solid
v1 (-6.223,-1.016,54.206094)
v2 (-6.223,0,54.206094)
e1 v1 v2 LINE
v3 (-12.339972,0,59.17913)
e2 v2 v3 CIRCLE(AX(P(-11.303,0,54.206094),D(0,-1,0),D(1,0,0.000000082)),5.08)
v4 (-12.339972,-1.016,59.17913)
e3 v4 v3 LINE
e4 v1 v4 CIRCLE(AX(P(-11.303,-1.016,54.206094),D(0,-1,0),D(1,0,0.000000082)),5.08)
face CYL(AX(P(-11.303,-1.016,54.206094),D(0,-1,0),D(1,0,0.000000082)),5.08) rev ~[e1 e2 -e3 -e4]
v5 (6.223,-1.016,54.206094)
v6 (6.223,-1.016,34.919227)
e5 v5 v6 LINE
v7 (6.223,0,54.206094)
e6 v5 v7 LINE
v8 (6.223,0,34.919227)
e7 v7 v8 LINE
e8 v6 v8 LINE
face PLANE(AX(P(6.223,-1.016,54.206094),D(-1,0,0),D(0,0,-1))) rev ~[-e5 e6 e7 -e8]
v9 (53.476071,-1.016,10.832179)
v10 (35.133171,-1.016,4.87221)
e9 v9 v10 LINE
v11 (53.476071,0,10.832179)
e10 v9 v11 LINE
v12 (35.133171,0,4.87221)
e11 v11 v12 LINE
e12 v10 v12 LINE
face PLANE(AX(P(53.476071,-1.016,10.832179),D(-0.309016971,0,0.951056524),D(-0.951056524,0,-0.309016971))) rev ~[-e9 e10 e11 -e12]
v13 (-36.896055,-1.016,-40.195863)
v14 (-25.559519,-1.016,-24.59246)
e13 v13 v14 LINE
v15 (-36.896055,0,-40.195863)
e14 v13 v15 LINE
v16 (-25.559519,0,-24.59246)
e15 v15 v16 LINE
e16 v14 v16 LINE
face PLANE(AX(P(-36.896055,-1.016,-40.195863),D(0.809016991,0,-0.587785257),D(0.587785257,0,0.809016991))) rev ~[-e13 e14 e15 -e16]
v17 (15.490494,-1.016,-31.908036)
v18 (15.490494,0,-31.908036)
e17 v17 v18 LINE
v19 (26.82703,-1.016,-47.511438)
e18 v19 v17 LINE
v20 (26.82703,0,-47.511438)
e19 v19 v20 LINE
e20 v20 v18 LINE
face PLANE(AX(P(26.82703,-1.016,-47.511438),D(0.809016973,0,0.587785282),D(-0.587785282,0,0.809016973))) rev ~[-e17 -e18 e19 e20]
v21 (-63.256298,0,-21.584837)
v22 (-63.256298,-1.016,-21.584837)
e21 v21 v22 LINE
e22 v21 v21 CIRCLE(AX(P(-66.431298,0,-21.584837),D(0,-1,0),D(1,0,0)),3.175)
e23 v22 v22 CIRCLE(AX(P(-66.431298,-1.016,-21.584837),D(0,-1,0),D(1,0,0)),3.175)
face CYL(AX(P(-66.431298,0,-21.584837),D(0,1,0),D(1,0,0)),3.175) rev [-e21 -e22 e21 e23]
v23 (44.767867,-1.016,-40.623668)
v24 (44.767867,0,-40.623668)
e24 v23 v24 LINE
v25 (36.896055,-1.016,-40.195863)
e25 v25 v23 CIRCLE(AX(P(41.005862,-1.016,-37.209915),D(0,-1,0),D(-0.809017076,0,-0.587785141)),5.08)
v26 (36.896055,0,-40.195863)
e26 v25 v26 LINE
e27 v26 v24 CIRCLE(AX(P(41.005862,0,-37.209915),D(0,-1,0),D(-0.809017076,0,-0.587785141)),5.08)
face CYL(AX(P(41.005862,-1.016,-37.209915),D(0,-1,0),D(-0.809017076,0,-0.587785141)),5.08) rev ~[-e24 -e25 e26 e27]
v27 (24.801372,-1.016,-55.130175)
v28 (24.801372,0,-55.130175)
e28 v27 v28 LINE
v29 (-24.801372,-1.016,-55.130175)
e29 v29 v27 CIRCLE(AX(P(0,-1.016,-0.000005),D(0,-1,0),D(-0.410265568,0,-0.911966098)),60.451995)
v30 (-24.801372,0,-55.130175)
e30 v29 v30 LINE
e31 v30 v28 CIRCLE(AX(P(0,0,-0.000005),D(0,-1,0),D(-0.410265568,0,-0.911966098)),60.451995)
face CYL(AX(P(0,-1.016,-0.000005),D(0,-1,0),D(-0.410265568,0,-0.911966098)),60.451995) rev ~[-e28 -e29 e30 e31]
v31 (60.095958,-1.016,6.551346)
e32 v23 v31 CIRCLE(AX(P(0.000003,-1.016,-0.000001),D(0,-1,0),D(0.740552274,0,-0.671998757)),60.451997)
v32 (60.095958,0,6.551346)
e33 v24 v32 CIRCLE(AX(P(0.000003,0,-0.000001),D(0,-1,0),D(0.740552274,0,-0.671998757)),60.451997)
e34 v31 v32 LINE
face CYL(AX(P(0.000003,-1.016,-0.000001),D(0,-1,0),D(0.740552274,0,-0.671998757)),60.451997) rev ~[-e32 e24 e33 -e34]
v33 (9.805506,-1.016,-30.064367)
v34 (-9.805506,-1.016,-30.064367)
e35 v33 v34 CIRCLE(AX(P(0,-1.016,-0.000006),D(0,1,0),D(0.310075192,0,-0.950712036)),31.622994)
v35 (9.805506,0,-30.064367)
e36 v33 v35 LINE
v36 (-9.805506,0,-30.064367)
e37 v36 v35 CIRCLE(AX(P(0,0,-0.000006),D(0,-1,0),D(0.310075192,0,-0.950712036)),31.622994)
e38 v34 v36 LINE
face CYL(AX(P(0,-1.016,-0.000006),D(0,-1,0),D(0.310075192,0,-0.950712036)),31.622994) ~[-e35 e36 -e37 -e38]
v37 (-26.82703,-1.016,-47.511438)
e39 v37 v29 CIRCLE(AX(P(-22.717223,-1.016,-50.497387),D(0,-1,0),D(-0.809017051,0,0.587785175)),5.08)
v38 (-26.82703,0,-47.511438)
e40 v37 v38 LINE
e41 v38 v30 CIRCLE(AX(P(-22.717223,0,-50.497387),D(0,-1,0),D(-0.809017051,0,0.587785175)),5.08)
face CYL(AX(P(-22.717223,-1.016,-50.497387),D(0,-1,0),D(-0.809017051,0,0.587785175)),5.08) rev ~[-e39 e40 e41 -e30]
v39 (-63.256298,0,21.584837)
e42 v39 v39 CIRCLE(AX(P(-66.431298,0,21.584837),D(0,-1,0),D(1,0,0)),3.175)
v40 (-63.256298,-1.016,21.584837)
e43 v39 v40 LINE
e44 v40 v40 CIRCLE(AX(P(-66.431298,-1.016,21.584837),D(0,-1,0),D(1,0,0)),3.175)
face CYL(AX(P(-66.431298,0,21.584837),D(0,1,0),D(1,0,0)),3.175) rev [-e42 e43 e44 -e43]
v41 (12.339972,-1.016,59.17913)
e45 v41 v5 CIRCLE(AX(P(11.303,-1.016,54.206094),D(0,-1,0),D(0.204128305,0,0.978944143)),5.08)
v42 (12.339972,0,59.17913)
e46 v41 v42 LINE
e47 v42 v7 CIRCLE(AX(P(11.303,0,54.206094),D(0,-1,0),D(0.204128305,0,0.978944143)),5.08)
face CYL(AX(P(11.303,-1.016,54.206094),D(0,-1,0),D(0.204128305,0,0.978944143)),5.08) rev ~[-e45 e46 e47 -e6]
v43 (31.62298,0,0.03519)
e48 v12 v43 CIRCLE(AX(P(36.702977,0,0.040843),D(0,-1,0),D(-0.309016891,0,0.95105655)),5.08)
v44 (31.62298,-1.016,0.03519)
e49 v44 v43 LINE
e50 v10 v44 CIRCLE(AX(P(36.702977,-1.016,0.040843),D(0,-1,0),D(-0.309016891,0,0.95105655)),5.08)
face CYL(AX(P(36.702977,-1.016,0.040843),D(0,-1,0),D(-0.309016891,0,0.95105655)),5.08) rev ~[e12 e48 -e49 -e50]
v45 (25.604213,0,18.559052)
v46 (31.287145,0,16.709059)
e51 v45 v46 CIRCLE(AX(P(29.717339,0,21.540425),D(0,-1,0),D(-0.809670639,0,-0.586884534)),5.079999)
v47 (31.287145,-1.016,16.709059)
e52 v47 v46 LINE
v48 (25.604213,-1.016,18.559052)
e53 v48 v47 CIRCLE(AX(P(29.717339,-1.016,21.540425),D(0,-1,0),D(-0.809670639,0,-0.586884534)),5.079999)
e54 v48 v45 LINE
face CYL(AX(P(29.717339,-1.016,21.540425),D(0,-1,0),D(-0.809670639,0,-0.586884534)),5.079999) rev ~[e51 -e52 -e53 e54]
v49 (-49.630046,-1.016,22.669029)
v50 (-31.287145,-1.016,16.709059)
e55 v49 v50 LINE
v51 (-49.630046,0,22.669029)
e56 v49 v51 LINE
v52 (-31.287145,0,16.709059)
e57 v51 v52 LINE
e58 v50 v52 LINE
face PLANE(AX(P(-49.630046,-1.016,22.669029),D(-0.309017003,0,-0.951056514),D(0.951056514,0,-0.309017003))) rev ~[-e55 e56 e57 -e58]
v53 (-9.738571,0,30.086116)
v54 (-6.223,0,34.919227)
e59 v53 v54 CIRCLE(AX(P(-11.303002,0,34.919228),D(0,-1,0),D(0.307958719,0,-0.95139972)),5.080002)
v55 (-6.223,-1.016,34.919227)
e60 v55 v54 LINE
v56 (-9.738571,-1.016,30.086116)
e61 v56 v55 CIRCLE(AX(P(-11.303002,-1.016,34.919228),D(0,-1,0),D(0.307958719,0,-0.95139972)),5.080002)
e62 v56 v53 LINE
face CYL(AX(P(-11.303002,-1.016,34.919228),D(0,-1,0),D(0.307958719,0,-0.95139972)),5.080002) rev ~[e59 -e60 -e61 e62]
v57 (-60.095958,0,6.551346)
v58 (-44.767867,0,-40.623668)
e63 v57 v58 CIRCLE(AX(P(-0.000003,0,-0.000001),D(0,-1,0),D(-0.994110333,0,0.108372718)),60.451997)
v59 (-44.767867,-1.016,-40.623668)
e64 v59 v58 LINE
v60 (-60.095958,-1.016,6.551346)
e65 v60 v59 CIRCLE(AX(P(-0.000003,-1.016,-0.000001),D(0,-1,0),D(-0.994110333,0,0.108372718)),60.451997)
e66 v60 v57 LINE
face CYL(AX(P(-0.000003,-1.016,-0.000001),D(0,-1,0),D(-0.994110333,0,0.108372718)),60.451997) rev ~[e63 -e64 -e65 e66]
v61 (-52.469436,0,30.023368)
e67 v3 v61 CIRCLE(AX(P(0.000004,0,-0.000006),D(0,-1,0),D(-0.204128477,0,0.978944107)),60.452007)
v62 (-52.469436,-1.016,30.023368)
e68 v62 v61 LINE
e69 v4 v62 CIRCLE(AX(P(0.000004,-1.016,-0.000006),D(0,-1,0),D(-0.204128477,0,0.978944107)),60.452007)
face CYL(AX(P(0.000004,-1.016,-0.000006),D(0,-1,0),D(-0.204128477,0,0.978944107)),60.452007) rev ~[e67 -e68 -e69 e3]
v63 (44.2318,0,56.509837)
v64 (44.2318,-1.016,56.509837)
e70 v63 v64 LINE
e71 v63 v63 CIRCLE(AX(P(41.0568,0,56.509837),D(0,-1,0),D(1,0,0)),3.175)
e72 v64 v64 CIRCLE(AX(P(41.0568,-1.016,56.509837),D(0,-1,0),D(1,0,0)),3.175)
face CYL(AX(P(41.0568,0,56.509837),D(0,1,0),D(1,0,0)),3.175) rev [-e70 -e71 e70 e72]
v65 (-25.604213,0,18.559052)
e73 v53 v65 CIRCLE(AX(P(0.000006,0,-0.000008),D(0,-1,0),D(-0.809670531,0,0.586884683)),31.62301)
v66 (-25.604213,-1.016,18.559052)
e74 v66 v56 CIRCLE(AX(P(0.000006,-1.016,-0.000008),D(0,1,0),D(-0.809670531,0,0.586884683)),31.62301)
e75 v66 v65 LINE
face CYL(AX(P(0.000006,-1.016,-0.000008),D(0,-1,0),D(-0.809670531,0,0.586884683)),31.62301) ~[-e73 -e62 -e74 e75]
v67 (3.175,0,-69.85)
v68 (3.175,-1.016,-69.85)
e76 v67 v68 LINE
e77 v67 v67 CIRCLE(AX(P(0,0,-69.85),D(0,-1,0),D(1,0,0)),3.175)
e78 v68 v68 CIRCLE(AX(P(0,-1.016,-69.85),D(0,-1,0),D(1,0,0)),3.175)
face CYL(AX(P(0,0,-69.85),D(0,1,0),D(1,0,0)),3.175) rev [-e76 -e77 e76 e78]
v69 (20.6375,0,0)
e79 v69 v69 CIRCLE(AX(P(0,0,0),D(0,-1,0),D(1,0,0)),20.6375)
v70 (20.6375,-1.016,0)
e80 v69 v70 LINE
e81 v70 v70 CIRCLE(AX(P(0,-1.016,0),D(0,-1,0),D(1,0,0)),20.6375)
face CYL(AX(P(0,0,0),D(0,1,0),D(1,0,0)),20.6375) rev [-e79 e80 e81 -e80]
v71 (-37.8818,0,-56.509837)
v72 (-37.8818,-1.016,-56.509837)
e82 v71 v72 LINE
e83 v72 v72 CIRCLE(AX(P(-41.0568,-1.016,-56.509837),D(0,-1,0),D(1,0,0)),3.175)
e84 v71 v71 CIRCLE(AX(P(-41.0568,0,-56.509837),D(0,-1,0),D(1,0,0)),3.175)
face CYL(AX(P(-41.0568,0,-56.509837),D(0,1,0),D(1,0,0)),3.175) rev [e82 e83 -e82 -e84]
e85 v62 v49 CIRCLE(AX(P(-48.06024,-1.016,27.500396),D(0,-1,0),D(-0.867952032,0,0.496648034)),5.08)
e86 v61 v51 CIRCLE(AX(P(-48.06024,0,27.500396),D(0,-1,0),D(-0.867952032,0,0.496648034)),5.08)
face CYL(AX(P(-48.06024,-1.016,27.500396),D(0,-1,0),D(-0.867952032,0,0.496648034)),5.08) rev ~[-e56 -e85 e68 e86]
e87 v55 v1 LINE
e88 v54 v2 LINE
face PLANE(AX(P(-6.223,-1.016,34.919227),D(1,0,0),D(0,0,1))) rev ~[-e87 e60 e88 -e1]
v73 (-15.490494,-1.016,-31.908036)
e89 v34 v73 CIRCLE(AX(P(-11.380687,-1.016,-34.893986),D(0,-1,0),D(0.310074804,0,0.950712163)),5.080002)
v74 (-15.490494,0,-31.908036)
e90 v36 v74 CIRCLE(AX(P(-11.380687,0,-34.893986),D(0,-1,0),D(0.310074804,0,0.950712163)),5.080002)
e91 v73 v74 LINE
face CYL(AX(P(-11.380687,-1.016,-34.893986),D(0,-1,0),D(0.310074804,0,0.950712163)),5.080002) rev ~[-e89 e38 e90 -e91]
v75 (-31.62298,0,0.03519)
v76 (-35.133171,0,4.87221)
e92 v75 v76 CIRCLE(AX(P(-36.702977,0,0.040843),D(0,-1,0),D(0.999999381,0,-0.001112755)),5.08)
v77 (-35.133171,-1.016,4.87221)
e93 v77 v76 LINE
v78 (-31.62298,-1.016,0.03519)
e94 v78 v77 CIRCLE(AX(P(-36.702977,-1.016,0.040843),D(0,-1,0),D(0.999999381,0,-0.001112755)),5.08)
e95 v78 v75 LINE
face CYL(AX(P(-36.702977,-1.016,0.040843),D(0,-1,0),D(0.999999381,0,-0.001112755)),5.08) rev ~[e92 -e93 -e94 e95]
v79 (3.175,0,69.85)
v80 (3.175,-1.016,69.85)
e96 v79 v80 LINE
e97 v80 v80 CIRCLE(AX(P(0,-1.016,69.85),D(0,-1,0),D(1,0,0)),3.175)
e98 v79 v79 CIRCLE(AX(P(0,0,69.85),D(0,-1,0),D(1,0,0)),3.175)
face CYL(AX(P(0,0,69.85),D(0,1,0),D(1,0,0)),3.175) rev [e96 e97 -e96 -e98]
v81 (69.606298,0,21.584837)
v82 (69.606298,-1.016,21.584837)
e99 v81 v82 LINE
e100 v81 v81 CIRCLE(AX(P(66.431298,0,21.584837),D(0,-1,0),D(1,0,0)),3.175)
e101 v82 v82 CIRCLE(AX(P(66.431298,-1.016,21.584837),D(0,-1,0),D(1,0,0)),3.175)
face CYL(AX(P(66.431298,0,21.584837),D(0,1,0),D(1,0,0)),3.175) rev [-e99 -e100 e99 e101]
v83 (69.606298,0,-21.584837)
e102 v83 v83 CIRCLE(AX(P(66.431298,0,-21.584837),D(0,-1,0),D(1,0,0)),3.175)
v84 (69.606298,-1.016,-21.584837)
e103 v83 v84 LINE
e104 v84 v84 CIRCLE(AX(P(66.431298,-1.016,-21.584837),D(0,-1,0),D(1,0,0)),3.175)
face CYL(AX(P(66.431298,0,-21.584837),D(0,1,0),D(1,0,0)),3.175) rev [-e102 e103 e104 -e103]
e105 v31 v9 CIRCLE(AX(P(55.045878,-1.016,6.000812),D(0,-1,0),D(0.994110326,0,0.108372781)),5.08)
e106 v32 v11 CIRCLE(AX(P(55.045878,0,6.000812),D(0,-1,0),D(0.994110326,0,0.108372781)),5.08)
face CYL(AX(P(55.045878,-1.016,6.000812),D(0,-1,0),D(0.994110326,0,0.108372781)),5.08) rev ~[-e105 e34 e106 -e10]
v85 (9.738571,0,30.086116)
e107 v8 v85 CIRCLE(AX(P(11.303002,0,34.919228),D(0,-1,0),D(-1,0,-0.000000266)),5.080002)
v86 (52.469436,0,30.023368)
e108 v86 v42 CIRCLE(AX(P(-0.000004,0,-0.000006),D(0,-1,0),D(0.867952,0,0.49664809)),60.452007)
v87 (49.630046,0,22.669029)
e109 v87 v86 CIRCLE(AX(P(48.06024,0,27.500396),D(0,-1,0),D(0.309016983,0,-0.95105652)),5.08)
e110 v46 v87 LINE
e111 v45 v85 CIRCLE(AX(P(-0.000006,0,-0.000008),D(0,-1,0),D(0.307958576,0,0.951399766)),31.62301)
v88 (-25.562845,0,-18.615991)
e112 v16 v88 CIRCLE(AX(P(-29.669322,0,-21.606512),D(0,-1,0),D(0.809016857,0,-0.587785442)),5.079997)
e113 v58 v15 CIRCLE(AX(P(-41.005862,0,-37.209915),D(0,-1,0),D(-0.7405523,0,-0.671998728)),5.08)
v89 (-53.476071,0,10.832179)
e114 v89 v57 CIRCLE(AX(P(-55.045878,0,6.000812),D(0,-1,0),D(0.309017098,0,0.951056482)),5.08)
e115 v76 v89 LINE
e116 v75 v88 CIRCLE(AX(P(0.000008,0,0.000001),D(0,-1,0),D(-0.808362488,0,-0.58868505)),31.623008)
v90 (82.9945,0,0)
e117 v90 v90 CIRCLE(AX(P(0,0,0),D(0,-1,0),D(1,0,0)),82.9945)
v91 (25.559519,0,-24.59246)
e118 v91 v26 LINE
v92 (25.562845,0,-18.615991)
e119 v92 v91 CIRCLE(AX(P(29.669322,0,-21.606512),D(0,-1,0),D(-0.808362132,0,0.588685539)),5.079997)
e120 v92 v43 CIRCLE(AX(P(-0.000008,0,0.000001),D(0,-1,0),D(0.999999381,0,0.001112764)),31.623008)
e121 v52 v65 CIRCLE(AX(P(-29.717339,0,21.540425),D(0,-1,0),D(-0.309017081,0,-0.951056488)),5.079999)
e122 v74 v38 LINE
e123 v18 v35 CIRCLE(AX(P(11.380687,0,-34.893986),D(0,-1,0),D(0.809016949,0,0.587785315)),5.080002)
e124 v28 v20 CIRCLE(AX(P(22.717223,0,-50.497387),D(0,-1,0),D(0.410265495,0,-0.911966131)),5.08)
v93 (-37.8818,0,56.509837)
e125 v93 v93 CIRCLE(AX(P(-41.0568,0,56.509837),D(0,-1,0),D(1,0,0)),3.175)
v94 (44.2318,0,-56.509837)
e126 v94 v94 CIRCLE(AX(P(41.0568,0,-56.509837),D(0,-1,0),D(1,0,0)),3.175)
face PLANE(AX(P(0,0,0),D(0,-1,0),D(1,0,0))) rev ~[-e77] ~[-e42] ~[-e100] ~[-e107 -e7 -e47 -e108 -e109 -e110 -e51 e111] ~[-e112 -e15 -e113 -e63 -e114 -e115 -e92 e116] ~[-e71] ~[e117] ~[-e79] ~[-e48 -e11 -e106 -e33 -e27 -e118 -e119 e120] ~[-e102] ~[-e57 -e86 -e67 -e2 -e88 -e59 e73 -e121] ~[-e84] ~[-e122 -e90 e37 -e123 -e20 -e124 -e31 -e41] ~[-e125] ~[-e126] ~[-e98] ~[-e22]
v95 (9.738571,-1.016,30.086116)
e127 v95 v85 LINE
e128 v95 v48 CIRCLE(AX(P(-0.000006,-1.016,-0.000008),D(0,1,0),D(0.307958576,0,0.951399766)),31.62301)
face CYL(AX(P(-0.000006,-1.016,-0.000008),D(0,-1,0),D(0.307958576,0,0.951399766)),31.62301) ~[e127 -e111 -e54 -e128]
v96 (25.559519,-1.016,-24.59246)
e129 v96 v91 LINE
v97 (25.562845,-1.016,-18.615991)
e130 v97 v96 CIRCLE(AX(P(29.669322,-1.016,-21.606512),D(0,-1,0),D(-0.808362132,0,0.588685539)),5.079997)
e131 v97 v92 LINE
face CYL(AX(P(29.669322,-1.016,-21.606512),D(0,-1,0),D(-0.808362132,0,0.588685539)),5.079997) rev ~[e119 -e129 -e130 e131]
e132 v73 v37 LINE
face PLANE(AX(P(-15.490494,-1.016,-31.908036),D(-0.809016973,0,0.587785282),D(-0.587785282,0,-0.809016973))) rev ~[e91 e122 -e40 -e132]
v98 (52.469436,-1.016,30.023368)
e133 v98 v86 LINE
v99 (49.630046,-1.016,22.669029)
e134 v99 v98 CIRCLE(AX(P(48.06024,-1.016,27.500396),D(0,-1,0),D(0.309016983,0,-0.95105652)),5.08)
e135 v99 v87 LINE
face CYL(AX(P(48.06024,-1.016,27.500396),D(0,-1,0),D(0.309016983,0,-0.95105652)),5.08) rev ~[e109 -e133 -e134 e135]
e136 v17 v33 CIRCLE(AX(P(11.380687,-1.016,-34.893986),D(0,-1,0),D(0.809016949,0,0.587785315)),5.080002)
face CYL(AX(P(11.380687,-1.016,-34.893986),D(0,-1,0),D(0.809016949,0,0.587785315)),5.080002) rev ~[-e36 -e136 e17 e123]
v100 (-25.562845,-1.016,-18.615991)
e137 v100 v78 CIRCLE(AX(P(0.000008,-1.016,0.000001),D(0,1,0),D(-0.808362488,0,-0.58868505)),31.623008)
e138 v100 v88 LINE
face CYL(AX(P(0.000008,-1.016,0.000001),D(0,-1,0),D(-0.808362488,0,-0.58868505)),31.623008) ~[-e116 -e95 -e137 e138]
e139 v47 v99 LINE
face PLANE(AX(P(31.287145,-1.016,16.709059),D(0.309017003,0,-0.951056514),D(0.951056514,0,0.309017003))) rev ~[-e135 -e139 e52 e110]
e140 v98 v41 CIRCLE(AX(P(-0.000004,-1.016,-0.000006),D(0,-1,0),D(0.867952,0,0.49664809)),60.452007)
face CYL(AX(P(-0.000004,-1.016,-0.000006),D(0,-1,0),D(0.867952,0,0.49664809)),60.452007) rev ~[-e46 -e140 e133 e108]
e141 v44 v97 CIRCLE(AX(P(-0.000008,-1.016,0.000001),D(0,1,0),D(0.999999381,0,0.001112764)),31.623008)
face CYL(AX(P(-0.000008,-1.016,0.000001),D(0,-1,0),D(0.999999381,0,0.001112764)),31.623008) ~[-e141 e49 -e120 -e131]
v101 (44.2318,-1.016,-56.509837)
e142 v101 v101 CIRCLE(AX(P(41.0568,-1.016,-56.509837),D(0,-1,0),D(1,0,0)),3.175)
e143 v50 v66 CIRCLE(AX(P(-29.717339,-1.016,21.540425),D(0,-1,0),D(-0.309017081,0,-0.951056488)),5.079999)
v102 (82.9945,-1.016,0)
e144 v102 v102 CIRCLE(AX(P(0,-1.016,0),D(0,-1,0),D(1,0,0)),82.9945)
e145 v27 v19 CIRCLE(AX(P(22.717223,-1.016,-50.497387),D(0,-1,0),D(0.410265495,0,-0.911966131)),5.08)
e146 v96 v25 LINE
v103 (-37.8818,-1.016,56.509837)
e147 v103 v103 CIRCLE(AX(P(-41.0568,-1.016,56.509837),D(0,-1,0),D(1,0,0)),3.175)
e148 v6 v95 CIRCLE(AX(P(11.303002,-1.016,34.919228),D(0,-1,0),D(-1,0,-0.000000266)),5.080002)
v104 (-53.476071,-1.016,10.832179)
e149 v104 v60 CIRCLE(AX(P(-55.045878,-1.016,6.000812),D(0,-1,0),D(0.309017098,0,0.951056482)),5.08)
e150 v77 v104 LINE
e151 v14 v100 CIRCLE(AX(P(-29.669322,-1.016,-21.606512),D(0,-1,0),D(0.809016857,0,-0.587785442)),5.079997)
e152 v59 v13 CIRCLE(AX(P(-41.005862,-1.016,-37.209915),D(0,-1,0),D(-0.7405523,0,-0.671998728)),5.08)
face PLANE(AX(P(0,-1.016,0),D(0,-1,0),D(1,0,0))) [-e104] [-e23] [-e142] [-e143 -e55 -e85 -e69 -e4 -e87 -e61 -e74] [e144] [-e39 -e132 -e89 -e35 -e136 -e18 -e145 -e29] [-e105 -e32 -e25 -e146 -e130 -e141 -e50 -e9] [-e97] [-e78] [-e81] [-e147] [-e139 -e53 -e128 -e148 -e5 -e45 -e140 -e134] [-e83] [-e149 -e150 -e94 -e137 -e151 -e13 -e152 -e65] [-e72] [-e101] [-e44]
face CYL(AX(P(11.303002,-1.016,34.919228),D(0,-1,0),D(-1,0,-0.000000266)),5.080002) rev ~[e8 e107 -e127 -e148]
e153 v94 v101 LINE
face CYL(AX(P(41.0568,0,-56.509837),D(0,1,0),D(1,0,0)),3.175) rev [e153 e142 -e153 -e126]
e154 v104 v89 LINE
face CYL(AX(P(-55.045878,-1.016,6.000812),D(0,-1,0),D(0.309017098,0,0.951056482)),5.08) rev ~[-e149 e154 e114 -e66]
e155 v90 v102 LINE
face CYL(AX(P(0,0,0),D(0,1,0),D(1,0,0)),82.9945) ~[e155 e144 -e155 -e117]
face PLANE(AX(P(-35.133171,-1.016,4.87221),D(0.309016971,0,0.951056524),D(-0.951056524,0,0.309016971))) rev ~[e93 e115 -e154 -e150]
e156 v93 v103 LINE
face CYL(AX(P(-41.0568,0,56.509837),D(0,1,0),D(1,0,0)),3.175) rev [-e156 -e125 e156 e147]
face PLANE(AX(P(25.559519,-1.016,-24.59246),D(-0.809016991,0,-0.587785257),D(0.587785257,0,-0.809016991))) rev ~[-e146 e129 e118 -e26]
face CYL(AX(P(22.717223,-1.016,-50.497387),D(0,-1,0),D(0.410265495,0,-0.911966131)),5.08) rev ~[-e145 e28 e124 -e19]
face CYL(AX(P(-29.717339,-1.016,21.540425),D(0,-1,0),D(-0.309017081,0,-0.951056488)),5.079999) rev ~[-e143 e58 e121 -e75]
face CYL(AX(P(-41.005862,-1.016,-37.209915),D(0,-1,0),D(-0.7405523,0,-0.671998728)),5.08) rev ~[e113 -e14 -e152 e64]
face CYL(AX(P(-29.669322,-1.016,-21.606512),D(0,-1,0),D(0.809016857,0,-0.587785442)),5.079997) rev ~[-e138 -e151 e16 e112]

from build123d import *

# Parameters (mm, degrees)
F0_R     = 82.9945
F0_R_2   = 3.175
F0_R_3   = 20.6375
F1_DEPTH = 1.016
F3_DEPTH = 1.017


with BuildPart() as f1:
    # F0 (on Front) → F1 (new body)
    with BuildSketch(Plane.XZ):
        Circle(F0_R)
        with Locations((-41.0568, -56.509837)):
            Circle(F0_R_2, mode=Mode.SUBTRACT)
        with Locations((-66.431298, -21.584837)):
            Circle(F0_R_2, mode=Mode.SUBTRACT)
        with Locations((0, -69.85)):
            Circle(F0_R_2, mode=Mode.SUBTRACT)
        with Locations((41.0568, -56.509837)):
            Circle(F0_R_2, mode=Mode.SUBTRACT)
        with Locations((66.431298, -21.584837)):
            Circle(F0_R_2, mode=Mode.SUBTRACT)
        with Locations((-66.431298, 21.584837)):
            Circle(F0_R_2, mode=Mode.SUBTRACT)
        with Locations((-41.0568, 56.509837)):
            Circle(F0_R_2, mode=Mode.SUBTRACT)
        Circle(F0_R_3, mode=Mode.SUBTRACT)
        with Locations((66.431298, 21.584837)):
            Circle(F0_R_2, mode=Mode.SUBTRACT)
        with Locations((41.0568, 56.509837)):
            Circle(F0_R_2, mode=Mode.SUBTRACT)
        with Locations((0, 69.85)):
            Circle(F0_R_2, mode=Mode.SUBTRACT)
    extrude(amount=F1_DEPTH)

    # F2 (on face) → F3 (cut, through all)
    with BuildSketch(Plane.XZ.offset(1.016)):
        with BuildLine():
            ThreePointArc((-12.339972, 59.17913), (-35.532794, 48.906695), (-52.469436, 30.023368))
            ThreePointArc((-52.469436, 30.023368), (-52.7993, 25.670722), (-49.630046, 22.669029))
            Line((-49.630046, 22.669029), (-31.287145, 16.709059))
            ThreePointArc((-31.287145, 16.709059), (-28.144845, 16.709933), (-25.604213, 18.559052))
            ThreePointArc((-25.604213, 18.559052), (-18.587533, 25.583544), (-9.738571, 30.086116))
            ThreePointArc((-9.738571, 30.086116), (-7.194856, 31.930992), (-6.223, 34.919227))
            Line((-6.223, 34.919227), (-6.223, 54.206094))
            ThreePointArc((-6.223, 54.206094), (-8.098427, 58.147808), (-12.339972, 59.17913))
        make_face()
        with BuildLine():
            ThreePointArc((-60.095958, 6.551346), (-57.493269, -18.680695), (-44.767867, -40.623668))
            ThreePointArc((-44.767867, -40.623668), (-40.730189, -42.282429), (-36.896055, -40.195863))
            Line((-36.896055, -40.195863), (-25.559519, -24.59246))
            ThreePointArc((-25.559519, -24.59246), (-24.589326, -21.603685), (-25.562845, -18.615991))
            ThreePointArc((-25.562845, -18.615991), (-30.07526, -9.772044), (-31.62298, 0.03519))
            ThreePointArc((-31.62298, 0.03519), (-32.59151, 3.024505), (-35.133171, 4.87221))
            Line((-35.133171, 4.87221), (-53.476071, 10.832179))
            ThreePointArc((-53.476071, 10.832179), (-57.804403, 10.266599), (-60.095958, 6.551346))
        make_face()
        with BuildLine():
            ThreePointArc((-24.801372, -55.130175), (0, -60.452), (24.801372, -55.130175))
            ThreePointArc((24.801372, -55.130175), (27.626659, -51.8027), (26.82703, -47.511438))
            Line((26.82703, -47.511438), (15.490494, -31.908036))
            ThreePointArc((15.490494, -31.908036), (12.947805, -30.061745), (9.805506, -30.064367))
            ThreePointArc((9.805506, -30.064367), (0, -31.623), (-9.805506, -30.064367))
            ThreePointArc((-9.805506, -30.064367), (-12.947805, -30.061745), (-15.490494, -31.908036))
            Line((-15.490494, -31.908036), (-26.82703, -47.511438))
            ThreePointArc((-26.82703, -47.511438), (-27.626659, -51.8027), (-24.801372, -55.130175))
        make_face()
        with BuildLine():
            ThreePointArc((52.469436, 30.023368), (35.532794, 48.906695), (12.339972, 59.17913))
            ThreePointArc((12.339972, 59.17913), (8.098427, 58.147808), (6.223, 54.206094))
            Line((6.223, 54.206094), (6.223, 34.919227))
            ThreePointArc((6.223, 34.919227), (7.194856, 31.930992), (9.738571, 30.086116))
            ThreePointArc((9.738571, 30.086116), (18.587533, 25.583544), (25.604213, 18.559052))
            ThreePointArc((25.604213, 18.559052), (28.144845, 16.709933), (31.287145, 16.709059))
            Line((31.287145, 16.709059), (49.630046, 22.669029))
            ThreePointArc((49.630046, 22.669029), (52.7993, 25.670722), (52.469436, 30.023368))
        make_face()
        with BuildLine():
            ThreePointArc((44.767867, -40.623668), (57.493269, -18.680695), (60.095958, 6.551346))
            ThreePointArc((60.095958, 6.551346), (57.804403, 10.266599), (53.476071, 10.832179))
            Line((53.476071, 10.832179), (35.133171, 4.87221))
            ThreePointArc((35.133171, 4.87221), (32.59151, 3.024505), (31.62298, 0.03519))
            ThreePointArc((31.62298, 0.03519), (30.07526, -9.772044), (25.562845, -18.615991))
            ThreePointArc((25.562845, -18.615991), (24.589326, -21.603685), (25.559519, -24.59246))
            Line((25.559519, -24.59246), (36.896055, -40.195863))
            ThreePointArc((36.896055, -40.195863), (40.730189, -42.282429), (44.767867, -40.623668))
        make_face()
    extrude(amount=-F3_DEPTH, mode=Mode.SUBTRACT)


solid = f1.part
